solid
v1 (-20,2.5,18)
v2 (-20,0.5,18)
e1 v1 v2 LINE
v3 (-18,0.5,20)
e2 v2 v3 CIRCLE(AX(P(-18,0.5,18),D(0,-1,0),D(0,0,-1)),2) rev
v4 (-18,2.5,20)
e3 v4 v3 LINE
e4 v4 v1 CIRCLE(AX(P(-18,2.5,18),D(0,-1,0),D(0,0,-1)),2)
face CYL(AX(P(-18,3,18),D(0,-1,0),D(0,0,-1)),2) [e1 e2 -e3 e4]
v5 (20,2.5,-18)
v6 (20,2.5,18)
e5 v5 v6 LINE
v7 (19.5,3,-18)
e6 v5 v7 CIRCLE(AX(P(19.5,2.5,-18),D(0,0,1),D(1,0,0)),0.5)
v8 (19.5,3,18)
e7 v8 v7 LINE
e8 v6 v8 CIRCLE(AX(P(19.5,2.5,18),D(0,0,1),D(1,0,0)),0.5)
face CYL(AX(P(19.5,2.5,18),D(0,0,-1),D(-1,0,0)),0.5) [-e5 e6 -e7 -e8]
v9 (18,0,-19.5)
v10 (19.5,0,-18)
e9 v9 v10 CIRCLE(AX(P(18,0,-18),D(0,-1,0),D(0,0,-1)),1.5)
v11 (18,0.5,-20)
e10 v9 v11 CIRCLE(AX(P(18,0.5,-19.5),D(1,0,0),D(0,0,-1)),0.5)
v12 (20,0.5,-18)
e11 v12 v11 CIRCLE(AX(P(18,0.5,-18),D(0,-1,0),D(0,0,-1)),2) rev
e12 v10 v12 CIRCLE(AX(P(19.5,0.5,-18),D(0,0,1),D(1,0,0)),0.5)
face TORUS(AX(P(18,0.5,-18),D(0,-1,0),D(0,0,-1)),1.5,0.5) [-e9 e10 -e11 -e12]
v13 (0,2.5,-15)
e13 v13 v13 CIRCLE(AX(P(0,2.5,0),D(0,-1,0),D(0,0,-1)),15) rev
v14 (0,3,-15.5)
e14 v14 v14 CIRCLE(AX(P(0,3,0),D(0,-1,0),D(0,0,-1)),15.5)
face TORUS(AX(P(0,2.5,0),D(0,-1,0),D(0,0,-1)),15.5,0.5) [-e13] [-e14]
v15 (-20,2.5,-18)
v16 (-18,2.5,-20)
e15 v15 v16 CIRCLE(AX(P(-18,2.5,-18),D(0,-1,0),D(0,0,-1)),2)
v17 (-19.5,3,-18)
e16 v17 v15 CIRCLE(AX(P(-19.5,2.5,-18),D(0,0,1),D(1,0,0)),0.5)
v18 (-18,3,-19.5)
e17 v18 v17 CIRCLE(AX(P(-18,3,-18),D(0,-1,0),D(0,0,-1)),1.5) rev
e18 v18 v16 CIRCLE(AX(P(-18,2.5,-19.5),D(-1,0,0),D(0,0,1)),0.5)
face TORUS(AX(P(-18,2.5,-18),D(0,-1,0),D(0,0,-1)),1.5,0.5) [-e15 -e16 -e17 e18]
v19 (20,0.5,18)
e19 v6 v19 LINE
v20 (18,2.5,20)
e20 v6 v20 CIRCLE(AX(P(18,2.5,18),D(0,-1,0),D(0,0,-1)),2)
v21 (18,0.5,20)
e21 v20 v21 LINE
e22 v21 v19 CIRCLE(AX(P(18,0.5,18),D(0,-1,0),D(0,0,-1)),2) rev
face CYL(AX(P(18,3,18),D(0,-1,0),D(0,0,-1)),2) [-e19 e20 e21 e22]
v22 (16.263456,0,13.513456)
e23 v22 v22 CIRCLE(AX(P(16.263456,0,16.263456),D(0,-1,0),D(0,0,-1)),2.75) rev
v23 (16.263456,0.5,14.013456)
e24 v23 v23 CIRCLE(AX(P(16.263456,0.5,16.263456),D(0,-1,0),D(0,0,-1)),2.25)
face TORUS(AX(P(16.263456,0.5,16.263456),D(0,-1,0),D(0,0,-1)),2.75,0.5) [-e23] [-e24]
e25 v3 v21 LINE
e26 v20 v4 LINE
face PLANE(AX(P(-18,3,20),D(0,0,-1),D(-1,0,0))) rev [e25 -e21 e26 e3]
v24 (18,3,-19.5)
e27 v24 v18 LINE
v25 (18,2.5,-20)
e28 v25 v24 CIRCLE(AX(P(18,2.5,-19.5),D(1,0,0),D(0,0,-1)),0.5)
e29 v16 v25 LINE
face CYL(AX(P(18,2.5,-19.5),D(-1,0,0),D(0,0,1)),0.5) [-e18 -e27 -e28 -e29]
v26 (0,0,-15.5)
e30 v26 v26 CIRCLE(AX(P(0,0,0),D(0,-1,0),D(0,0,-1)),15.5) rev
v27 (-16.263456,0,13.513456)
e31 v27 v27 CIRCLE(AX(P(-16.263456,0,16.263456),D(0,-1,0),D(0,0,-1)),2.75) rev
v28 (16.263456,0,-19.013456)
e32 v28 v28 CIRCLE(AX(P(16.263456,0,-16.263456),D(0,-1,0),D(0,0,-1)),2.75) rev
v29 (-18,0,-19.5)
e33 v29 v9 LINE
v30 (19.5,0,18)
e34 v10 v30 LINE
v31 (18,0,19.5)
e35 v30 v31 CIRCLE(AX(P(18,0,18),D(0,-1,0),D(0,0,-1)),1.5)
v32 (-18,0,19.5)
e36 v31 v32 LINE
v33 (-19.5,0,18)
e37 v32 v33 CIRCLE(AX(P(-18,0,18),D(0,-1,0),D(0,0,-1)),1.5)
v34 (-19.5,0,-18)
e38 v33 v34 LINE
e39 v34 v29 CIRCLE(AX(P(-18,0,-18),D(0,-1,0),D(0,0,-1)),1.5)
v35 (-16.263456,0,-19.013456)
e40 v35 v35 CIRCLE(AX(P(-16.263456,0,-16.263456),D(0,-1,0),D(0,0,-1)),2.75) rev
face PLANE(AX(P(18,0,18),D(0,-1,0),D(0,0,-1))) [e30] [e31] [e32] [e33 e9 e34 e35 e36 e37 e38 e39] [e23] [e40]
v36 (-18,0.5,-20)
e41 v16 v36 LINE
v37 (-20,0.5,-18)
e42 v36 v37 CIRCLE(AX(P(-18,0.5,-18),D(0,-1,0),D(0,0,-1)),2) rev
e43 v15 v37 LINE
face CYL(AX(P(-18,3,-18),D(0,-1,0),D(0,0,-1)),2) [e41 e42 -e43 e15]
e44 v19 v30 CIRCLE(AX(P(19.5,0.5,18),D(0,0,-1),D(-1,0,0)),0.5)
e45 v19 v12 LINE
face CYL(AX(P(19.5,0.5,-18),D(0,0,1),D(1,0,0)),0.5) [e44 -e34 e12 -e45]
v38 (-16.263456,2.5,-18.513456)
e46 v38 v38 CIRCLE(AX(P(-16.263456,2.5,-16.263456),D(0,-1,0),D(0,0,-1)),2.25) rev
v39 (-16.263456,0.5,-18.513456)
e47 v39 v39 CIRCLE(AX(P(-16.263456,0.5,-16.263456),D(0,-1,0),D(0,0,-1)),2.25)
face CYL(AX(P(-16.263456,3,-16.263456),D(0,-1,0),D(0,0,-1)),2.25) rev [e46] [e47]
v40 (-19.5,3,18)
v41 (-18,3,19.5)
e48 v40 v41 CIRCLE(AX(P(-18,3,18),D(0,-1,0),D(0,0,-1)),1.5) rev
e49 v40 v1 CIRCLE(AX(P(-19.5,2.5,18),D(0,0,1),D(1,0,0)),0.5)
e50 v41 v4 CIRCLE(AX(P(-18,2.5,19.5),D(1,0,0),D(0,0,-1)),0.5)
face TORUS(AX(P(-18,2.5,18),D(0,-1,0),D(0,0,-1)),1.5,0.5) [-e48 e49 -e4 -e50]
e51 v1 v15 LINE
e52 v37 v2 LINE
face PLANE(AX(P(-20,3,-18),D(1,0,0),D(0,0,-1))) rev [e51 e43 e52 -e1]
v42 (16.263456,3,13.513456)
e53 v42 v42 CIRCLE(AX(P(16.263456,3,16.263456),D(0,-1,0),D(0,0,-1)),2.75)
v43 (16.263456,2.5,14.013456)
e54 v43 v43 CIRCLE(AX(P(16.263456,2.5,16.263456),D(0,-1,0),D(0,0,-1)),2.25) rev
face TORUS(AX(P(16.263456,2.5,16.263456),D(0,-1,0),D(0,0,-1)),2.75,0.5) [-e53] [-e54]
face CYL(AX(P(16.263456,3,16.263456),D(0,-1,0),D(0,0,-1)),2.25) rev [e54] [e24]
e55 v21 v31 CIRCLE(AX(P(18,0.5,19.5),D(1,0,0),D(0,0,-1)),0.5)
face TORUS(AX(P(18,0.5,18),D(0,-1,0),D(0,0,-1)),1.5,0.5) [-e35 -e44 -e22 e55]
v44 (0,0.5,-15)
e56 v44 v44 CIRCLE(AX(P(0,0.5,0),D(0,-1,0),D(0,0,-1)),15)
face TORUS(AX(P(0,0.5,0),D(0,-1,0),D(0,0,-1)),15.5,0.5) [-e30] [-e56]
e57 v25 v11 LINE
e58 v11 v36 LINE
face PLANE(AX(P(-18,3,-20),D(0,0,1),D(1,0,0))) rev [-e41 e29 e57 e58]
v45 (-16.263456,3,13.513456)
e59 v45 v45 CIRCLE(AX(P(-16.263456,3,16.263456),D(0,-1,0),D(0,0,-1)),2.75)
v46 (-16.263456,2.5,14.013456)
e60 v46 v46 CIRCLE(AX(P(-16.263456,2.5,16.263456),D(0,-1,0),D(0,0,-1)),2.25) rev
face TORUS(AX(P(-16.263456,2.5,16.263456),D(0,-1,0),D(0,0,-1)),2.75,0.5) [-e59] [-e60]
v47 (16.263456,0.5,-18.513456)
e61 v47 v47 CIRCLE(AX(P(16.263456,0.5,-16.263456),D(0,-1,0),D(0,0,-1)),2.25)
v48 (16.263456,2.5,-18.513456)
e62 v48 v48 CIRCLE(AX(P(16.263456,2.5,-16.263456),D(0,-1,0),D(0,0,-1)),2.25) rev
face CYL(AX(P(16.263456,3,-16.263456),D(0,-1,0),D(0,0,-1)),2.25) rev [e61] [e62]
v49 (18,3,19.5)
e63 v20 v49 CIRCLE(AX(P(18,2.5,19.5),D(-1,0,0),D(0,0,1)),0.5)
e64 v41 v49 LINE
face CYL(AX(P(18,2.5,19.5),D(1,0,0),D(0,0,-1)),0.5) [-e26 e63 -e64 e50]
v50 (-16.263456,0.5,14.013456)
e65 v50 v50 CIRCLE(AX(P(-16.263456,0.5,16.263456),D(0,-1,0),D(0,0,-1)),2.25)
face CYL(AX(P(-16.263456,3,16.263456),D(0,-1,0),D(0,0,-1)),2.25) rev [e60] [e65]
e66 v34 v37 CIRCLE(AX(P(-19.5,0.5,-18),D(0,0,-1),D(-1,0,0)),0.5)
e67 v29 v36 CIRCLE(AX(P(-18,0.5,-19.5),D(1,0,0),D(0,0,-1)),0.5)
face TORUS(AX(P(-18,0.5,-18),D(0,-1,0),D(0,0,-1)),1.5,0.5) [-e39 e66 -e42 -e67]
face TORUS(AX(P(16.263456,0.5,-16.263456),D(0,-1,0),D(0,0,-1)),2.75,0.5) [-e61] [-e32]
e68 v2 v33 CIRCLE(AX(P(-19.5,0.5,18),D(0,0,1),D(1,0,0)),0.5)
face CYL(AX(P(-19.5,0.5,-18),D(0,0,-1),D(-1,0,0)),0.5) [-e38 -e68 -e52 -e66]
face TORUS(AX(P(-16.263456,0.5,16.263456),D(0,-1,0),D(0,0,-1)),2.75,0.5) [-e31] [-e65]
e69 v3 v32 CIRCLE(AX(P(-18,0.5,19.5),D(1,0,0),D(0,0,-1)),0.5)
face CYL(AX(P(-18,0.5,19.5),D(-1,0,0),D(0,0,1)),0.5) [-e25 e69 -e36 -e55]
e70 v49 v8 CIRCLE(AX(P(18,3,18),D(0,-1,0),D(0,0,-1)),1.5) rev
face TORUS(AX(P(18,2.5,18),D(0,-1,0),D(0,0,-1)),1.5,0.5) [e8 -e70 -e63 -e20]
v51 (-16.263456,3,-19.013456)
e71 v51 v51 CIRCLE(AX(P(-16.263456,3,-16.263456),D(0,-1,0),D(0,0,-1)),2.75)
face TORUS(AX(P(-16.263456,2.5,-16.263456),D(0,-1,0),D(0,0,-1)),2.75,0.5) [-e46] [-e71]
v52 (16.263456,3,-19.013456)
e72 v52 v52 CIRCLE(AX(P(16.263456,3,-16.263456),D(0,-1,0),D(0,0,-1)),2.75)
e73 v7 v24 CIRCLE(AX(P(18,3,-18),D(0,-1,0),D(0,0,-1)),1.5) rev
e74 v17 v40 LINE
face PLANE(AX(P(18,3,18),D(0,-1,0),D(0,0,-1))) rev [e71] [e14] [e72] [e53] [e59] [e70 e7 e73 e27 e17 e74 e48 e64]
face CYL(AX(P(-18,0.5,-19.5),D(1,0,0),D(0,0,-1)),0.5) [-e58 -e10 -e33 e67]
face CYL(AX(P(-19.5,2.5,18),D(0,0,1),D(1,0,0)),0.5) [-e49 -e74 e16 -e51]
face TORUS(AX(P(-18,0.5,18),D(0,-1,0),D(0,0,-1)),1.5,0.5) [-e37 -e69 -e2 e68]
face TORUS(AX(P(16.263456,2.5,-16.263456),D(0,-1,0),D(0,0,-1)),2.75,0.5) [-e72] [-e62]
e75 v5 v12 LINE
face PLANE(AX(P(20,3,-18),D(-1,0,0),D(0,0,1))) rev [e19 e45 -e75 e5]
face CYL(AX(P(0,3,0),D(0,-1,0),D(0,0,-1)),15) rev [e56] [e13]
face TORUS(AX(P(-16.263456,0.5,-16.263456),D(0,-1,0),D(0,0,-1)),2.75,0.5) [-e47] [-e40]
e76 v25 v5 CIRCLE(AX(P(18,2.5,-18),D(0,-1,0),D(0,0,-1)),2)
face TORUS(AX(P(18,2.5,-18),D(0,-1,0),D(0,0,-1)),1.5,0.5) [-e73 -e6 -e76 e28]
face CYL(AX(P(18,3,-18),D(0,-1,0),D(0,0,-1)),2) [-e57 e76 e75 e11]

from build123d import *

# Parameters (mm, degrees)
SKETCH1_R           = 2.25
SKETCH1_R_2         = 15
BOSS_EXTRUDE1_DEPTH = 3
FILLET1_R           = 0.5


with BuildPart() as part:
    # Sketch1 → Boss-Extrude1 (new body)
    with BuildSketch(Plane(origin=(0, 0, 0), x_dir=(1, 0, 0), z_dir=(0, 1, 0))):
        with BuildLine():
            Line((-18, 20), (18, 20))
            ThreePointArc((18, 20), (19.414213562, 19.414213562), (20, 18))
            Line((20, 18), (20, -18))
            ThreePointArc((20, -18), (19.414213562, -19.414213562), (18, -20))
            Line((18, -20), (-18, -20))
            ThreePointArc((-18, -20), (-19.414213562, -19.414213562), (-20, -18))
            Line((-20, -18), (-20, 18))
            ThreePointArc((-20, 18), (-19.414213562, 19.414213562), (-18, 20))
        make_face()
        with Locations((-16.263455967, 16.263455967)):
            Circle(SKETCH1_R, mode=Mode.SUBTRACT)
        with Locations((16.263455967, 16.263455967)):
            Circle(SKETCH1_R, mode=Mode.SUBTRACT)
        with Locations((16.263455967, -16.263455967)):
            Circle(SKETCH1_R, mode=Mode.SUBTRACT)
        with Locations((-16.263455967, -16.263455967)):
            Circle(SKETCH1_R, mode=Mode.SUBTRACT)
        Circle(SKETCH1_R_2, mode=Mode.SUBTRACT)
    extrude(amount=BOSS_EXTRUDE1_DEPTH)

    # Fillet1
    fillet1_edges = [part.edges().sort_by_distance(p)[0] for p in [
        (0, 0, -20),
        (19.414213562, 0, -19.414213562),
        (20, 0, 0),
        (19.414213562, 0, 19.414213562),
        (19.414213562, 3, -19.414213562),
        (0, 3, -20),
        (-19.414213562, 3, -19.414213562),
        (-18.513455967, 0, -16.263455967),
        (-18.513455967, 3, -16.263455967),
        (-20, 3, 0),
        (14.013455967, 0, -16.263455967),
        (14.013455967, 3, -16.263455967),
        (-19.414213562, 3, 19.414213562),
        (14.013455967, 0, 16.263455967),
        (14.013455967, 3, 16.263455967),
        (0, 3, 20),
        (-18.513455967, 0, 16.263455967),
        (-18.513455967, 3, 16.263455967),
        (-15, 0, 0),
        (-15, 3, 0),
        (19.414213562, 3, 19.414213562),
        (0, 0, 20),
        (20, 3, 0),
        (-19.414213562, 0, 19.414213562),
        (-20, 0, 0),
        (-19.414213562, 0, -19.414213562),
    ]]
    fillet(fillet1_edges, radius=FILLET1_R)


solid = part.part
